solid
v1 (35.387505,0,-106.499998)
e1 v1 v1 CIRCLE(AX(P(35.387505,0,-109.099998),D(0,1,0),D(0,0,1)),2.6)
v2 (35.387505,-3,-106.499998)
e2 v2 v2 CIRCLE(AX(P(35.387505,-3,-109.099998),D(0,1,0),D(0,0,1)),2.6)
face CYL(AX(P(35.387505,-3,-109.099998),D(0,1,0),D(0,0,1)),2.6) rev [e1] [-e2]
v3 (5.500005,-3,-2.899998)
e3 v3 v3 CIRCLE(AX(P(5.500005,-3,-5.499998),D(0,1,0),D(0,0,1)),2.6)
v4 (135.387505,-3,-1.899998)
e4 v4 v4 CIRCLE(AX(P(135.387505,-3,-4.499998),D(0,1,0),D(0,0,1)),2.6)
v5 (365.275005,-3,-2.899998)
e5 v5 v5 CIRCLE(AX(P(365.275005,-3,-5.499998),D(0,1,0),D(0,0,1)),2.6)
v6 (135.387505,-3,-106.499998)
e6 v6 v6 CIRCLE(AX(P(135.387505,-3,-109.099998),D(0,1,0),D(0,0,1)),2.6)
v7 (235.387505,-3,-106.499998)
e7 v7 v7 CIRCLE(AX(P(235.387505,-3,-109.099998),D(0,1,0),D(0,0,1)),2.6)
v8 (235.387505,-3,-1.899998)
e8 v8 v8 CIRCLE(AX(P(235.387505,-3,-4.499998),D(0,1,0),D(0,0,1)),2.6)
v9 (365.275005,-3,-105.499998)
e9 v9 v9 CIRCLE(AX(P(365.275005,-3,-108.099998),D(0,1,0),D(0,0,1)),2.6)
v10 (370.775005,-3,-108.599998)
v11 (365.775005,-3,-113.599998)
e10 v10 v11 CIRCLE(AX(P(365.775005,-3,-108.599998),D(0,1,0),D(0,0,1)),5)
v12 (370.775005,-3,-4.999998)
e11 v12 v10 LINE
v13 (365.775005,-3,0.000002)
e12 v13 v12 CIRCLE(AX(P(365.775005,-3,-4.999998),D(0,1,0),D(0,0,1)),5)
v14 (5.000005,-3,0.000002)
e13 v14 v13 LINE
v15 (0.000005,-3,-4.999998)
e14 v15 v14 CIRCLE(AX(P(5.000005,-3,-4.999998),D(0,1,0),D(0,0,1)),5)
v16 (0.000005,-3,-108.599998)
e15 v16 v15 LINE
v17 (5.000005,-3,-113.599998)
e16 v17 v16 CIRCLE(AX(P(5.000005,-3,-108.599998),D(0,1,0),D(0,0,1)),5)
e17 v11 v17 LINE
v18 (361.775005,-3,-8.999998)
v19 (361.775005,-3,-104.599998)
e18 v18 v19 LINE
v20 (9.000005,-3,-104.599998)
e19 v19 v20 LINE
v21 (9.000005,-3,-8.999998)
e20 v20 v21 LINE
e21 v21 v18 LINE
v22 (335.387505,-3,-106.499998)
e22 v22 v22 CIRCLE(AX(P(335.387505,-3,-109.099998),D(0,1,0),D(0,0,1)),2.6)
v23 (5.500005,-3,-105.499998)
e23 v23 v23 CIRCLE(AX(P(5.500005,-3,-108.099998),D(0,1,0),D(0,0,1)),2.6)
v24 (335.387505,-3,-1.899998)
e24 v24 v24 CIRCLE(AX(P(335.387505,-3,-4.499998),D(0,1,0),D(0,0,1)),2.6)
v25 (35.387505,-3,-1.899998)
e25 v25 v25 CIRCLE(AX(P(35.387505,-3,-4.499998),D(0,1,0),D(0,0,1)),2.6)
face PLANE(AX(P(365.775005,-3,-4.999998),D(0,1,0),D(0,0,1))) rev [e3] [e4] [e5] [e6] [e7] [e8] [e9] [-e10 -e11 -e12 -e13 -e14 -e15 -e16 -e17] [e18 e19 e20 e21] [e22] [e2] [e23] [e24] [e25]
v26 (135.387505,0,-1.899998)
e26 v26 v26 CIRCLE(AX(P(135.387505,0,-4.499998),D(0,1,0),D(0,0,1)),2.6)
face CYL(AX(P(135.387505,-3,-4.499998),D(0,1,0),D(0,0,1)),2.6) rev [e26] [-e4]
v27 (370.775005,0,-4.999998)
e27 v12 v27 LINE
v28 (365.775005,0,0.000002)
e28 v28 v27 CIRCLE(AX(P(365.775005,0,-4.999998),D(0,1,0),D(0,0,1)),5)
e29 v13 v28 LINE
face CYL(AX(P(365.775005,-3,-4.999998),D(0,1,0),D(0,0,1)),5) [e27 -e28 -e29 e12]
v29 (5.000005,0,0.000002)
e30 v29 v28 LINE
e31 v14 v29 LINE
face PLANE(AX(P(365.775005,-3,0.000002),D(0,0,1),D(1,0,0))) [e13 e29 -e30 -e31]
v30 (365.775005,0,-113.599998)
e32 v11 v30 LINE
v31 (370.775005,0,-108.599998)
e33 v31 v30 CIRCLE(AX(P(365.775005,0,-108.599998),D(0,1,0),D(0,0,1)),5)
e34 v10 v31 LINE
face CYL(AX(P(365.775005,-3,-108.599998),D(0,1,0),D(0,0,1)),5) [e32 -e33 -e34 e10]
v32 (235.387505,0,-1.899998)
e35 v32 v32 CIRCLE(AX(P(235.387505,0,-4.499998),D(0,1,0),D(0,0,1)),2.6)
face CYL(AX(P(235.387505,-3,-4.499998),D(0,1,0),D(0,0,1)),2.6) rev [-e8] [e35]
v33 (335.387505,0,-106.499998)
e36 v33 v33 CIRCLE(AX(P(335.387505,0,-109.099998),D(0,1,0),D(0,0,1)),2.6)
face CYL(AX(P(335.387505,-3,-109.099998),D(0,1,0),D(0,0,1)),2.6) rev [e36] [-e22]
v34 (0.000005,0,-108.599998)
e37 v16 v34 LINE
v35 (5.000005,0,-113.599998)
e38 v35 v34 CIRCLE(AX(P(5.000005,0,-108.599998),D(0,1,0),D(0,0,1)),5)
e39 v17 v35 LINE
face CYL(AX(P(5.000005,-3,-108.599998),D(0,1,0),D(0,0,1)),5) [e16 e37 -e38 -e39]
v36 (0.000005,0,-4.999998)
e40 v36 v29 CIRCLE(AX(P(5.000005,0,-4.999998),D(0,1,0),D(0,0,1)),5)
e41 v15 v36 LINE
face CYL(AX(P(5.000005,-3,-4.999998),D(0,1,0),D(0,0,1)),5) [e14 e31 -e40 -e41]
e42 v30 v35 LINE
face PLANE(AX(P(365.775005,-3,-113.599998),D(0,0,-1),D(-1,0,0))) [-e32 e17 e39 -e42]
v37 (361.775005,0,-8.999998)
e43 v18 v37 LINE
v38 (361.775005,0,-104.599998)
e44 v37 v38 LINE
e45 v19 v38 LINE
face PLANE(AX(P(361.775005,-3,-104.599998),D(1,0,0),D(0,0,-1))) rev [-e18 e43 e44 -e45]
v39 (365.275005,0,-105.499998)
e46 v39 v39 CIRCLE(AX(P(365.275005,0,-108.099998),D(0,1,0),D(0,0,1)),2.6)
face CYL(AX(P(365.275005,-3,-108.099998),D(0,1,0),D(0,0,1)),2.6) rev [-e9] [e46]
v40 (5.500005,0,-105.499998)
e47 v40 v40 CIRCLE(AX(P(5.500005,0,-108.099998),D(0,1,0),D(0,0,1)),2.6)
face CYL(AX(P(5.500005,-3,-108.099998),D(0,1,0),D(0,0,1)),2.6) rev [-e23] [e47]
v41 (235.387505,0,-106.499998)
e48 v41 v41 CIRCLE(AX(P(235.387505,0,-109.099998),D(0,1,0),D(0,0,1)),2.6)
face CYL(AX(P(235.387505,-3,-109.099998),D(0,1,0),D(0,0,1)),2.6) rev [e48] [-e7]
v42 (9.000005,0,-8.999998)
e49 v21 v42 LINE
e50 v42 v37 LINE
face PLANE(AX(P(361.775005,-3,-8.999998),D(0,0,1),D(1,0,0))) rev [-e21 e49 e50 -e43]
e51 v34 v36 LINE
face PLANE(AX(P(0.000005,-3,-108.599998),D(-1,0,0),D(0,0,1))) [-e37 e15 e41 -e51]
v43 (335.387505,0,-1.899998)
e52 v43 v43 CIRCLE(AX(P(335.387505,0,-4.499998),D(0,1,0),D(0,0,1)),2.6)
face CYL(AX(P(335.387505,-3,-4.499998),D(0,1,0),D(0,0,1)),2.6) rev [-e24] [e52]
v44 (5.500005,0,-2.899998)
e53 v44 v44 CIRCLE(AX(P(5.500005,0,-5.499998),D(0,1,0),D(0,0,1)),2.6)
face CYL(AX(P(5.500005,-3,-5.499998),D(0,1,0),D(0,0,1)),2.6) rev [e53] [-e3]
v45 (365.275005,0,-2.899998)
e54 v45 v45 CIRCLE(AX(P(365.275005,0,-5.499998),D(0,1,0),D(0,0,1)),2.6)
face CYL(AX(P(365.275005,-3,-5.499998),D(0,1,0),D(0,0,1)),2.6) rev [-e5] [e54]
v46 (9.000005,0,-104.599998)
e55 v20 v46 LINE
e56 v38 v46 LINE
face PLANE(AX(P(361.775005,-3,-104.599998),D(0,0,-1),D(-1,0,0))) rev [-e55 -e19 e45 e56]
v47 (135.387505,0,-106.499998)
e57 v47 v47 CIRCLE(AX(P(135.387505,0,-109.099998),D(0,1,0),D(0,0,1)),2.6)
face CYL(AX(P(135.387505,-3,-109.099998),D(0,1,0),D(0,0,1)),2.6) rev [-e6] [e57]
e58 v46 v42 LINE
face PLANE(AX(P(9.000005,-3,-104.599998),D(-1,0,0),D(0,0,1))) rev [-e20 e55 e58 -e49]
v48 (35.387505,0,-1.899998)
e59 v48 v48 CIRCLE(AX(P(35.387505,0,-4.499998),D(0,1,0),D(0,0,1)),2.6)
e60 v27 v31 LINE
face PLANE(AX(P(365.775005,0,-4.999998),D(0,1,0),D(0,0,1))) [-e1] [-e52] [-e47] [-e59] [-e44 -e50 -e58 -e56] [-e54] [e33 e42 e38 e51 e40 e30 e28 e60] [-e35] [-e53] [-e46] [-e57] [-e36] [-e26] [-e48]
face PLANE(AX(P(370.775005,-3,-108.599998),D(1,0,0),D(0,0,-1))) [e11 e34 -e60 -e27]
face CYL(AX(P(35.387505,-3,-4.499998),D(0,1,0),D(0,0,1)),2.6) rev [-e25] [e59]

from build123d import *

# Parameters (mm, degrees)
SKETCH1_R           = 2.6
SKETCH1_W           = 352.775
SKETCH1_H           = 95.6
BOSS_EXTRUDE1_DEPTH = 3


with BuildPart() as part:
    # Sketch1 → Boss-Extrude1 (new body)
    with BuildSketch(Plane(origin=(0, 0, 0), x_dir=(1, 0, 0), z_dir=(0, 1, 0))):
        with BuildLine():
            Line((4.973e-06, 108.599998007), (4.973e-06, 4.999998007))
            ThreePointArc((4.973e-06, 4.999998007), (1.464471067, 1.464464101), (5.000004973, -1.993e-06))
            Line((5.000004973, -1.993e-06), (365.775004973, -1.993e-06))
            ThreePointArc((365.775004973, -1.993e-06), (369.310538879, 1.464464101), (370.775004973, 4.999998007))
            Line((370.775004973, 4.999998007), (370.775004973, 108.599998007))
            ThreePointArc((370.775004973, 108.599998007), (369.310538879, 112.135531913), (365.775004973, 113.599998007))
            Line((365.775004973, 113.599998007), (5.000004973, 113.599998007))
            ThreePointArc((5.000004973, 113.599998007), (1.464471067, 112.135531913), (4.973e-06, 108.599998007))
        make_face()
        with Locations(Location((5.500004973, 108.099998007, 0), (0, 0, 270))):
            Circle(SKETCH1_R, mode=Mode.SUBTRACT)
        with Locations(Location((5.500004973, 5.499998007, 0), (0, 0, 270))):
            Circle(SKETCH1_R, mode=Mode.SUBTRACT)
        with Locations(Location((365.275004973, 5.499998007, 0), (0, 0, 270))):
            Circle(SKETCH1_R, mode=Mode.SUBTRACT)
        with Locations(Location((365.275004973, 108.099998007, 0), (0, 0, 270))):
            Circle(SKETCH1_R, mode=Mode.SUBTRACT)
        with Locations(Location((35.387504973, 4.499998007, 0), (0, 0, 270))):
            Circle(SKETCH1_R, mode=Mode.SUBTRACT)
        with Locations(Location((135.387504973, 4.499998007, 0), (0, 0, 270))):
            Circle(SKETCH1_R, mode=Mode.SUBTRACT)
        with Locations(Location((335.387504973, 4.499998007, 0), (0, 0, 270))):
            Circle(SKETCH1_R, mode=Mode.SUBTRACT)
        with Locations(Location((235.387504973, 4.499998007, 0), (0, 0, 270))):
            Circle(SKETCH1_R, mode=Mode.SUBTRACT)
        with Locations(Location((35.387504973, 109.099998007, 0), (0, 0, 270))):
            Circle(SKETCH1_R, mode=Mode.SUBTRACT)
        with Locations(Location((135.387504973, 109.099998007, 0), (0, 0, 270))):
            Circle(SKETCH1_R, mode=Mode.SUBTRACT)
        with Locations(Location((335.387504973, 109.099998007, 0), (0, 0, 270))):
            Circle(SKETCH1_R, mode=Mode.SUBTRACT)
        with Locations(Location((235.387504973, 109.099998007, 0), (0, 0, 270))):
            Circle(SKETCH1_R, mode=Mode.SUBTRACT)
        with Locations((185.387504973, 56.799998007)):
            Rectangle(SKETCH1_W, SKETCH1_H, mode=Mode.SUBTRACT)
    extrude(amount=-BOSS_EXTRUDE1_DEPTH)


solid = part.part
